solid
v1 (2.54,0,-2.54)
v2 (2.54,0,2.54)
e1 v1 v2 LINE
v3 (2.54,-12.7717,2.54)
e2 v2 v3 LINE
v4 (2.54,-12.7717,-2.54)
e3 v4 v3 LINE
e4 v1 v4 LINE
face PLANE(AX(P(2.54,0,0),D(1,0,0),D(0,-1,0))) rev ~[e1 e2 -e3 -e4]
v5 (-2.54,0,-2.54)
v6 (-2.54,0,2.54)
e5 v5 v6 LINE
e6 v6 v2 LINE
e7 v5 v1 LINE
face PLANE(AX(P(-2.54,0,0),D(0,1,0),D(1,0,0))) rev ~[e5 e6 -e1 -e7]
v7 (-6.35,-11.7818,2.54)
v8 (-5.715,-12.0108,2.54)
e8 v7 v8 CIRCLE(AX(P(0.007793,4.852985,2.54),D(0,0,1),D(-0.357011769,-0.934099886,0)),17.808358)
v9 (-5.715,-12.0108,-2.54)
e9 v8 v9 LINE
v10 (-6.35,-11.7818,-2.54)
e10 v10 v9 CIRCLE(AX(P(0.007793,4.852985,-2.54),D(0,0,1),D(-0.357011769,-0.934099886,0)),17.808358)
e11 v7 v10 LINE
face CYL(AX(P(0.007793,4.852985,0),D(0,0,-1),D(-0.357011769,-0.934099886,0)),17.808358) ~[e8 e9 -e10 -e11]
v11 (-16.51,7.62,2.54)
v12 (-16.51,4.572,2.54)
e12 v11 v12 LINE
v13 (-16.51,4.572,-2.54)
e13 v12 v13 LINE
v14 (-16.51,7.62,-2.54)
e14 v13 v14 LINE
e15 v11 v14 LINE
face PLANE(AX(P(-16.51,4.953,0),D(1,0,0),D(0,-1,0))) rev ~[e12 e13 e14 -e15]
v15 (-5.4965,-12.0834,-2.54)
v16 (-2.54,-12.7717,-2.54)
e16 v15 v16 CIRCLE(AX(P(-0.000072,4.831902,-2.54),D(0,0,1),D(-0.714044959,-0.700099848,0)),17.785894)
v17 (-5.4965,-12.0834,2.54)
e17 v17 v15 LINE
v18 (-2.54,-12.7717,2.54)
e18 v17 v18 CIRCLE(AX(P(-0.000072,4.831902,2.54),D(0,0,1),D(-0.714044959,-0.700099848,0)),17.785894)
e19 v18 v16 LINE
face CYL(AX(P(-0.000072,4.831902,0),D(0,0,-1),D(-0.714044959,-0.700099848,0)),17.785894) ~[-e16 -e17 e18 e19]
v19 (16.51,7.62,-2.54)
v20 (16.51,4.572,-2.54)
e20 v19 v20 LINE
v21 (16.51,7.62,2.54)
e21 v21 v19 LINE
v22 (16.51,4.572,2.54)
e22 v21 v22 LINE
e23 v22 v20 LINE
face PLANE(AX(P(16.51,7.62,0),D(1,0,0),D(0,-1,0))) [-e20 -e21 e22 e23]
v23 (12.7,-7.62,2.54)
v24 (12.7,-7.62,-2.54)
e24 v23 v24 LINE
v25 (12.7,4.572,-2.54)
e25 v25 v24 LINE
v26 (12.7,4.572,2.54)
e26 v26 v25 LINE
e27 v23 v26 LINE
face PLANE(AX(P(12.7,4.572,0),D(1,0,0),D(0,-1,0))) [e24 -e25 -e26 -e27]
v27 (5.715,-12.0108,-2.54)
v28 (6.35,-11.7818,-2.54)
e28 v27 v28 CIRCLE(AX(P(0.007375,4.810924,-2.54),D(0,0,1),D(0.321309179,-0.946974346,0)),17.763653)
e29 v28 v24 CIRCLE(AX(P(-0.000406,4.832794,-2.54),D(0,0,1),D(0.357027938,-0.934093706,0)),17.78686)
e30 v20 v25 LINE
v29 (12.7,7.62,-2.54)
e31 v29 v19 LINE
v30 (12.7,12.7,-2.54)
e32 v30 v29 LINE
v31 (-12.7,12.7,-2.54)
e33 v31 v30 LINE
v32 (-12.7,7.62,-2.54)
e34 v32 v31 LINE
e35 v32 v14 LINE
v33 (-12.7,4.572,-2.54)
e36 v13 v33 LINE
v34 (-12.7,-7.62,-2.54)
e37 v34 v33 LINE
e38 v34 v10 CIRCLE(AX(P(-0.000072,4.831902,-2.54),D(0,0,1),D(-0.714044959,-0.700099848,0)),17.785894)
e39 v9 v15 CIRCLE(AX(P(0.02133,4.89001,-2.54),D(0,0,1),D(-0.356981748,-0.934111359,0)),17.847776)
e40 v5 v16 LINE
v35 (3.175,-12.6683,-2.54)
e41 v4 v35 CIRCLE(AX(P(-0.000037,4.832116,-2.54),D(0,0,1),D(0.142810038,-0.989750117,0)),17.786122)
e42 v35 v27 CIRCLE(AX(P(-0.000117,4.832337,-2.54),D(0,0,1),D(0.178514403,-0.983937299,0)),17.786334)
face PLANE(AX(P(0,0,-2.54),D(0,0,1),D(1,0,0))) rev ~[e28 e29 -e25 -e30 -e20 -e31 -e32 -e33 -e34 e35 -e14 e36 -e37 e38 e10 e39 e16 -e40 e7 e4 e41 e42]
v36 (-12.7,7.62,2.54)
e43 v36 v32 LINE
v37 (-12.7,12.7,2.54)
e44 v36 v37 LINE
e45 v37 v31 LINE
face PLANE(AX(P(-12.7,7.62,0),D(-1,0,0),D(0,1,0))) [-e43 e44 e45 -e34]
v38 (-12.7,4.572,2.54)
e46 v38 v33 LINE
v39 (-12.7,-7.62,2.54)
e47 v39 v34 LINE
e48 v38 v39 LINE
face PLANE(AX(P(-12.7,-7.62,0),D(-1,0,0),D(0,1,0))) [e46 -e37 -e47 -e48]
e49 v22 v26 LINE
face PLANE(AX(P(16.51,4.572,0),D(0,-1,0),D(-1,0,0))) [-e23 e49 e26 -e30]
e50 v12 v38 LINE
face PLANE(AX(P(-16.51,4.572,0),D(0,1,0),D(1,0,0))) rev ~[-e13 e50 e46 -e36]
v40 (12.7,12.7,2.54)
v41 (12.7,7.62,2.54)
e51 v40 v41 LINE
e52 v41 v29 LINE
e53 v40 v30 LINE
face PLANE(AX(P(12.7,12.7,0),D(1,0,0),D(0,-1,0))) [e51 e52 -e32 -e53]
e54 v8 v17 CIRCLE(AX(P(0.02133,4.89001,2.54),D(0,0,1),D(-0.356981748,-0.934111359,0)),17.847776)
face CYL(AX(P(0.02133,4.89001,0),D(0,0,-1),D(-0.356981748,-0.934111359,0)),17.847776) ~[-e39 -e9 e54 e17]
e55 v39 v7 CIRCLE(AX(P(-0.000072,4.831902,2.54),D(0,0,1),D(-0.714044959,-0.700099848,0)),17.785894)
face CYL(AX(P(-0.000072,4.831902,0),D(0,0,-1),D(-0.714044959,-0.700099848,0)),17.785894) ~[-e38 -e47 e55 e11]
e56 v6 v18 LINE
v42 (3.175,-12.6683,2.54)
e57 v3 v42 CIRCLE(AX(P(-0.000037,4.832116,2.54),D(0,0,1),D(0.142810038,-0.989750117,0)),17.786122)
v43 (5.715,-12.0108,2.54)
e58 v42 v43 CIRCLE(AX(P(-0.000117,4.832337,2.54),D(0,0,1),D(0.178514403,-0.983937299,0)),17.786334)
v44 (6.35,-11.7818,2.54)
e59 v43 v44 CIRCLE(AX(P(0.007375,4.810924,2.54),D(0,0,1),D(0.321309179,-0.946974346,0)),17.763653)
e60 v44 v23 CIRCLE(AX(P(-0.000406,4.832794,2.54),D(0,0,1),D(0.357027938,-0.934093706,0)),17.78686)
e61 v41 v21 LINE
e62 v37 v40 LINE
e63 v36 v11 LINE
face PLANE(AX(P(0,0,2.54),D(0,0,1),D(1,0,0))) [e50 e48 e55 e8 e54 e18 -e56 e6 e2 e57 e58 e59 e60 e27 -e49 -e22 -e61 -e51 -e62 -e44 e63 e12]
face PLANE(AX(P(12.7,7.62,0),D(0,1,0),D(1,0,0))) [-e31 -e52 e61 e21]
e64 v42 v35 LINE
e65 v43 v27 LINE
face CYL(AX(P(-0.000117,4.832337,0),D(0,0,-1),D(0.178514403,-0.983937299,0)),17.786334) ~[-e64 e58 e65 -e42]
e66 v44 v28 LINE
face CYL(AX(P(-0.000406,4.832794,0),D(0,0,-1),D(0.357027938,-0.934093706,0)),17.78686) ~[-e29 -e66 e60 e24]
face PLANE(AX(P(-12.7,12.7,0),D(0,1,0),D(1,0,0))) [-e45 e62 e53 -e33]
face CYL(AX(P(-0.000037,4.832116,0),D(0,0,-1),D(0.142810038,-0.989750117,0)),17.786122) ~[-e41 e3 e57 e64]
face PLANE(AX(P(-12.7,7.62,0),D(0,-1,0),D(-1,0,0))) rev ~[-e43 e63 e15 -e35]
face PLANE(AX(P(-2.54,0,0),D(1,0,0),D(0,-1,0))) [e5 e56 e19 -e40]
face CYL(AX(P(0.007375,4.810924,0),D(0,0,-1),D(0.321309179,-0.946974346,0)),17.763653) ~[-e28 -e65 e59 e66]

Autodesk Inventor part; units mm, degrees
ref_plane "YZ Plane" through (0, 0, 0) normal (1, 0, 0) x (0, 1, 0)
ref_plane "XZ Plane" through (0, 0, 0) normal (0, 1, 0) x (-1, 0, 0)
ref_plane "XY Plane" through (0, 0, 0) normal (0, 0, 1) x (1, 0, 0)
sketch "Sketch1" plane through (0, 0, 0) normal (0, 0, 1) x (1, 0, 0)
  line L0 (-12.7, 7.62) -> (12.7, 7.62) construction
  line L1 (-12.7, -7.62) -> (12.7, 7.62) construction
  line L2 (-12.7, 7.62) -> (12.7, -7.62) construction
  line L3 (-6.35, -11.7818) -> (-6.35, 0) construction
  line L4 (-2.54, 0) -> (2.54, 0)
  line L5 (6.35, 0) -> (6.35, -11.7818) construction
  line L6 (-6.35, -12.954) -> (6.35, 0) construction
  line L7 (-6.35, 0) -> (6.35, -12.954) construction
  line L8 (-25.5271, -12.954) -> (-6.35, -12.954) construction
  line L9 (0, -12.954) -> (34.2013, -12.954) construction
  line L10 (-6.35, -7.62) -> (-12.7, -7.62) construction
  line L11 (12.7, -7.62) -> (6.35, -7.62) construction
  line L12 (-12.7, 7.62) -> (-12.7, 12.7)
  line L13 (-12.7, 12.7) -> (12.7, 12.7) construction
  line L14 (12.7, 12.7) -> (12.7, 7.62)
  arc A0 (-12.7, -7.62) -> (-6.35, -11.7818) centre (0, 4.832) ccw construction
  arc A1 (6.35, -11.7818) -> (12.7, -7.62) centre (0, 4.832) ccw
  line L15 (-12.7, 2.667) -> (-16.51, 2.667) construction
  line L16 (-16.51, 4.953) -> (-12.7, 4.953) construction
  line L17 (-8.89, 4.953) -> (-8.89, 2.667) construction
  line L18 (-8.89, 2.667) -> (-16.51, 4.953) construction
  line L19 (-16.51, 2.667) -> (-8.89, 4.953) construction
  line L20 (12.7, 2.667) -> (16.51, 2.667) construction
  line L21 (16.51, 4.953) -> (12.7, 4.953) construction
  line L22 (8.89, 4.953) -> (8.89, 2.667) construction
  line L23 (8.89, 2.667) -> (16.51, 4.953) construction
  line L24 (16.51, 2.667) -> (8.89, 4.953) construction
  line L25 (-12.7, -7.62) -> (-12.7, 2.286)
  line L26 (12.7, 2.286) -> (12.7, -7.62)
  line L27 (-12.7, 12.7) -> (12.7, 12.7)
  line L28 (-16.51, 4.953) -> (-16.51, 5.334)
  line L29 (6.35, 0) -> (5.715, 0) construction
  line L30 (-6.35, 0) -> (-5.715, 0) construction
  line L31 (-5.715, 0) -> (-5.715, -0.6477) construction
  line L32 (5.715, 0) -> (5.715, -0.6477) construction
  arc A2 (-6.35, -11.7818) -> (-5.715, -12.0108) centre (0, 4.832) ccw
  arc A3 (5.715, -12.0108) -> (6.35, -11.7818) centre (0, 4.832) ccw
  line L33 (-12.7, -7.62) -> (12.7, -7.62) construction
  line L34 (-5.715, 0) -> (-3.175, 0) construction
  line L35 (5.715, 0) -> (3.175, 0) construction
  arc A4 (-6.35, -11.7818) -> (-5.4965, -12.0834) centre (0, 4.832) ccw
  arc A5 (3.175, -12.6683) -> (12.7, -7.62) centre (0, 4.832) ccw
  line L36 (-12.7, 7.62) -> (-16.51, 7.62)
  line L37 (-16.51, 7.62) -> (-16.51, 4.572)
  line L38 (-16.51, 4.572) -> (-12.7, 4.572)
  line L39 (-12.7, 4.572) -> (-12.7, 1.9405)
  line L40 (12.7, 7.62) -> (16.51, 7.62)
  line L41 (16.51, 7.62) -> (16.51, 4.572)
  line L42 (16.51, 4.572) -> (12.7, 4.572)
  line L43 (12.7, 4.572) -> (12.7, 2.286)
  line L44 (-3.175, 0) -> (-2.54, 0) construction
  line L45 (-2.54, 0) -> (-2.54, -12.7717)
  line L46 (3.175, 0) -> (2.54, 0) construction
  line L47 (2.54, 0) -> (2.54, -12.7717)
  arc A6 (-12.7, -7.62) -> (-2.54, -12.7717) centre (0, 4.832) ccw
  arc A7 (2.54, -12.7717) -> (12.7, -7.62) centre (0, 4.832) ccw
  point P0 (0, 0)
  point P1 (0, -6.477)
  point P2 (-12.7, 3.81)
  point P3 (12.7, 3.81)
  dimension "d0" = 15.24
  dimension "d1" = 25.4
  dimension "d3" = 12.7
  dimension "d4" = 5.08
  dimension "d5" = 1.1722
  dimension "d7" = 7.62
  dimension "d8" = 2.286
  dimension "d9" = 7.62
  dimension "d17" = 0.635
  dimension "d18" = 0.635
  dimension "d19" = 90
  dimension "d22" = 2.54
  dimension "d24" = 2.54
  dimension "d30" = 3.81
  dimension "d31" = 3.048
  dimension "d33" = 3.81
  dimension "d36" = 0.635
  dimension "d37" = 0.635
extrude "Extrusion6" add sketch "Sketch1" along normal mid plane 5.08
sketch "Sketch2" plane through (0, 0, 2.54) normal (0, 0, 1) x (1, 0, 0)
  line L0 (-12.7, 4.572) -> (-12.7, -7.62) projected
  arc A0 (-12.7, -7.62) -> (-2.54, -12.7717) centre (0, 4.832) ccw projected
  line L1 (-2.54, -12.7717) -> (-2.54, 0) projected
  line L2 (-2.54, 0) -> (2.54, 0) projected
  line L3 (2.54, 0) -> (2.54, -12.7717) projected
  arc A1 (2.54, -12.7717) -> (12.7, -7.62) centre (0, 4.832) ccw projected
  line L4 (12.7, -7.62) -> (12.7, 4.572) projected
  line L5 (12.7, 4.572) -> (16.51, 4.572) projected
  line L6 (16.51, 4.572) -> (16.51, 7.62) projected
  line L7 (16.51, 7.62) -> (12.7, 7.62) projected
  line L8 (12.7, 7.62) -> (12.7, 12.7) projected
  line L9 (12.7, 12.7) -> (-12.7, 12.7) projected
  line L10 (-12.7, 12.7) -> (-12.7, 7.62) projected
  line L11 (-12.7, 7.62) -> (-16.51, 7.62) projected
  line L12 (-16.51, 7.62) -> (-16.51, 4.572) projected
  line L13 (-16.51, 4.572) -> (-12.7, 4.572) projected
  point P0 (0, 0)
properties part number "BottomPegCor"
